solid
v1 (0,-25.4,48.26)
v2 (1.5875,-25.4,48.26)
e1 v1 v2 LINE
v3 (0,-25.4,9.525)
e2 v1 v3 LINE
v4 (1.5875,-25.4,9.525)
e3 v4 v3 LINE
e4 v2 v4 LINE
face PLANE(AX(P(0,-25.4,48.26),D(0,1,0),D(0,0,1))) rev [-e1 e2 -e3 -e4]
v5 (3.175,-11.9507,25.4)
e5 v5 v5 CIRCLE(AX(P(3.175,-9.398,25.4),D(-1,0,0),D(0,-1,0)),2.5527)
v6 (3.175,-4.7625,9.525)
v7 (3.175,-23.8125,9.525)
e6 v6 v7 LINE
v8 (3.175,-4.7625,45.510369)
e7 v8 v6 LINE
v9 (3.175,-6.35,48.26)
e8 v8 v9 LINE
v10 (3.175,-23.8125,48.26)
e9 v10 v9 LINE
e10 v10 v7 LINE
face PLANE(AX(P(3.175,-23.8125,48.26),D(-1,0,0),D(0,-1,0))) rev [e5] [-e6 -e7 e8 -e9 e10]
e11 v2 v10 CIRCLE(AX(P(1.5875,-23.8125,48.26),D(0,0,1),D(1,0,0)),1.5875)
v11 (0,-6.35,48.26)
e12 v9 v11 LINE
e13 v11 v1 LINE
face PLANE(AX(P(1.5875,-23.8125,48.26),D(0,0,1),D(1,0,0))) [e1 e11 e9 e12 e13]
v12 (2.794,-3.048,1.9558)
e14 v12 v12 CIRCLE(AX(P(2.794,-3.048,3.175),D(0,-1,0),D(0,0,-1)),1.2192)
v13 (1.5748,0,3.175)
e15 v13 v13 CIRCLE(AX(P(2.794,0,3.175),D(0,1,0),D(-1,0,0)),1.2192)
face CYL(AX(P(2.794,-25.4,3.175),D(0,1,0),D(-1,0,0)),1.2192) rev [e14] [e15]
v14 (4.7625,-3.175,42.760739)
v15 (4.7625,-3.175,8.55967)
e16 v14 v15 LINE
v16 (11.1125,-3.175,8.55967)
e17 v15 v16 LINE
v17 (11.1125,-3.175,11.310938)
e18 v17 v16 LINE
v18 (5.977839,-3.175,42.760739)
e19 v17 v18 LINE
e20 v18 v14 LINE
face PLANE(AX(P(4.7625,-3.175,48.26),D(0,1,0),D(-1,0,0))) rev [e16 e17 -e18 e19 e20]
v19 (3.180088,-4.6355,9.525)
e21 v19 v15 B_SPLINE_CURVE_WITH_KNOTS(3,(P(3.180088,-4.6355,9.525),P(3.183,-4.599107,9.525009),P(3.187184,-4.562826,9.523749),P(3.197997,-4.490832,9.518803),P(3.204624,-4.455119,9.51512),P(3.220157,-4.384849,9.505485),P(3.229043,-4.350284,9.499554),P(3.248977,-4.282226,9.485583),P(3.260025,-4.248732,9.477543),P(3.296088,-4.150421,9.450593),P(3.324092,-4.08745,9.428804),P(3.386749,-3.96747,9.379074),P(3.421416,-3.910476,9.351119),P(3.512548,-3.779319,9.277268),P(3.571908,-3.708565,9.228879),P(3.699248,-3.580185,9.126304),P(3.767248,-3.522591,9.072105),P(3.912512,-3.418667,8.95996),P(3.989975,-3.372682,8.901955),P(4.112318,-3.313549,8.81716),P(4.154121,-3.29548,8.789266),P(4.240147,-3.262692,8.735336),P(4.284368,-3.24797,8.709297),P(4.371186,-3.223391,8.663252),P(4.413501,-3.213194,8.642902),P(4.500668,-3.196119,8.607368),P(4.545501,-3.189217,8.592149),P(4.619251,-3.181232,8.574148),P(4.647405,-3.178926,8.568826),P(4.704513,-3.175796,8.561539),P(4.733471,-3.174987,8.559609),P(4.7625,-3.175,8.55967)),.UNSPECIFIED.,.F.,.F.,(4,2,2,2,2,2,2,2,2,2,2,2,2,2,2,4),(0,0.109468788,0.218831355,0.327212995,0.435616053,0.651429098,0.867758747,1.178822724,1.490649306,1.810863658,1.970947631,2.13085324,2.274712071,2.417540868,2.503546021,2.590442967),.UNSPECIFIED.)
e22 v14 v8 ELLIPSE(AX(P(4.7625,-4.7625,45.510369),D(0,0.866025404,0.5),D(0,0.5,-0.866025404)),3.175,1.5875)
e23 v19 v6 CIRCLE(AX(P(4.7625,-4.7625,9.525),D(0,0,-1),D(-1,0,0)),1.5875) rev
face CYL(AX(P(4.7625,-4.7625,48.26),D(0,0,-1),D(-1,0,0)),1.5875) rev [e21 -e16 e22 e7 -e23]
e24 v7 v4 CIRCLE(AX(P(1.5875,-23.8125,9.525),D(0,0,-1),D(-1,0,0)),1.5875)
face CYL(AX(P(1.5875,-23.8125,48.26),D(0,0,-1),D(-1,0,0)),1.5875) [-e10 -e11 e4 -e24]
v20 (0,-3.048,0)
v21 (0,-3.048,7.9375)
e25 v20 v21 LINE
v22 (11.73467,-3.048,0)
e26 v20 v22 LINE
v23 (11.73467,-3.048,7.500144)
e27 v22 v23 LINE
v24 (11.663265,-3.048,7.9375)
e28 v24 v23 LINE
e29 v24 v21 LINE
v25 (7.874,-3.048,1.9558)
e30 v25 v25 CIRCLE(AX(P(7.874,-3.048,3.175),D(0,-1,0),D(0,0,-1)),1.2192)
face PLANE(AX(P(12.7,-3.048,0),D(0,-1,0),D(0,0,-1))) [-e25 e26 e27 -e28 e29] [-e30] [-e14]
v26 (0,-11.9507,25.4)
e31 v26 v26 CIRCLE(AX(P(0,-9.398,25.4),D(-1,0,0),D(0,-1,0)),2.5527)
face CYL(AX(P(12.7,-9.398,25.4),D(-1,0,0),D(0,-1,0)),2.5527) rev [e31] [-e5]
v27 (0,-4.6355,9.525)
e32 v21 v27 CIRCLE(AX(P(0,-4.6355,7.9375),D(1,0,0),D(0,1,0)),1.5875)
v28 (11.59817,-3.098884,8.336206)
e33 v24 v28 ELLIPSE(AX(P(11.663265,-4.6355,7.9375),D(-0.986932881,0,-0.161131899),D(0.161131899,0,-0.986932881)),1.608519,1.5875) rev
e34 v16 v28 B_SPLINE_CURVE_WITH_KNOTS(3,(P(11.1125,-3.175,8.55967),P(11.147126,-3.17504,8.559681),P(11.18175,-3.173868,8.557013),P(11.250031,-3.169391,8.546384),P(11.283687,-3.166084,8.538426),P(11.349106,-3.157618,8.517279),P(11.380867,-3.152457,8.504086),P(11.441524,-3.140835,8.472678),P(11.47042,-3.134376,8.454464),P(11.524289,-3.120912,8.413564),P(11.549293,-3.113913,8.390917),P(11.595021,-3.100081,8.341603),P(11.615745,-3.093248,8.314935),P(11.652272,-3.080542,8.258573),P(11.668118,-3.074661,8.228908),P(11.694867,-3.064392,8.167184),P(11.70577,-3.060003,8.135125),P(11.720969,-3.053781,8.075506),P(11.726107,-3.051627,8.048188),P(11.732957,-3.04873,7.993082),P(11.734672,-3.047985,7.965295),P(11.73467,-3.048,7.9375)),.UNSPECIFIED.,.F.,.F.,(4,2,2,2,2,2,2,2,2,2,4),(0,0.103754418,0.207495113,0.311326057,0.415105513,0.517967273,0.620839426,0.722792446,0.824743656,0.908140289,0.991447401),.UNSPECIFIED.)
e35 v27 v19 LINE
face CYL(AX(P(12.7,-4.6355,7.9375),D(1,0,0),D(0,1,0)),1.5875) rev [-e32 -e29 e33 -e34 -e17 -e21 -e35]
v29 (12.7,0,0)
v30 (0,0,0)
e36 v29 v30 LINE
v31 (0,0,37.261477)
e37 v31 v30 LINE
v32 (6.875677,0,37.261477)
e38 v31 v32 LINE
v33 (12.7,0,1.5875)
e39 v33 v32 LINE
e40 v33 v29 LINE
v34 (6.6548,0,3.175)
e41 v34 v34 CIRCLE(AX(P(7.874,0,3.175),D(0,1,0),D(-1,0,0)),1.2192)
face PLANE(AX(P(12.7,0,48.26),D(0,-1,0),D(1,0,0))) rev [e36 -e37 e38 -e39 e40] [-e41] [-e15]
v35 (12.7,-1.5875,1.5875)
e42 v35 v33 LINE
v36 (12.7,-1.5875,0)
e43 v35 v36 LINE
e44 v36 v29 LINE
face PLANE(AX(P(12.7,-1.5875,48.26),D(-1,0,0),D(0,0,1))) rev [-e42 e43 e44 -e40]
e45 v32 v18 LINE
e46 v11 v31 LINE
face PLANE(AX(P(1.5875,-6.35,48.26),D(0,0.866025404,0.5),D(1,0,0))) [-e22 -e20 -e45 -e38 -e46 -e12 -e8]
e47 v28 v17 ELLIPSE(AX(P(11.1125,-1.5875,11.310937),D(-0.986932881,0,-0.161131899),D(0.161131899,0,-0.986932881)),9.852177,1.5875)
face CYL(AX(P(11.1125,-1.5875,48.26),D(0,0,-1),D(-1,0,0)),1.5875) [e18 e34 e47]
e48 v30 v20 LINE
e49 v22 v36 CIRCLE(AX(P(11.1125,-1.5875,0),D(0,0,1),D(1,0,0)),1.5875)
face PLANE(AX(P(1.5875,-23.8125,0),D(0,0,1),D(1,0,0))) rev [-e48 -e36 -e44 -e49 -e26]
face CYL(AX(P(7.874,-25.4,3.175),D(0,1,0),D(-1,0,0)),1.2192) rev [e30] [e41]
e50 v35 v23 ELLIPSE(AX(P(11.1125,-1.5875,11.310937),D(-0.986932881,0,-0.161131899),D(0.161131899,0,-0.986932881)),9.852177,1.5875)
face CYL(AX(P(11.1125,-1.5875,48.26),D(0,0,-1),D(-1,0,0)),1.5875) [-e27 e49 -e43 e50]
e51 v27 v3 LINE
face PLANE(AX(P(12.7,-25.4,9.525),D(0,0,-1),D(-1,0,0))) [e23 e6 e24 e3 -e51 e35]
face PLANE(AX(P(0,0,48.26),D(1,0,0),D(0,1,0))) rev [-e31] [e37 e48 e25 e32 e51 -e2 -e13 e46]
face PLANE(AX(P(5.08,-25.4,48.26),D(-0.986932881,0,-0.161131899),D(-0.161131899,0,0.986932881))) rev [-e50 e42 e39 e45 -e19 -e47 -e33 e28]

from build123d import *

# Parameters (mm, degrees)
BOSS_EXTRUDE1_DEPTH = 48.26
SKETCH2_W           = 9.525
SKETCH2_H           = 22.352
CUT_EXTRUDE1_DEPTH  = 56.99533552
SKETCH3_R           = 1.2192
CUT_EXTRUDE2_DEPTH  = 56.99533552
FILLET2_R           = 1.5875
SKETCH4_R           = 2.5527
CUT_EXTRUDE3_DEPTH  = 56.995335629
CUT_EXTRUDE4_DEPTH  = 56.995335629
CHAMFER2_SIZE       = 6.35
CHAMFER2_SIZE2      = 10.998522628


with BuildPart() as part:
    # Sketch1 → Boss-Extrude1 (new body)
    with BuildSketch(Plane.XY):
        with BuildLine():
            Line((0, 0), (0, -25.4))
            Line((0, -25.4), (1.5875, -25.4))
            ThreePointArc((1.5875, -25.4), (2.710032015, -24.935032015), (3.175, -23.8125))
            Line((3.175, -23.8125), (3.175, -4.7625))
            ThreePointArc((3.175, -4.7625), (3.639967985, -3.639967985), (4.7625, -3.175))
            Line((4.7625, -3.175), (11.1125, -3.175))
            ThreePointArc((11.1125, -3.175), (12.235032015, -2.710032015), (12.7, -1.5875))
            Line((12.7, -1.5875), (12.7, 0))
            Line((12.7, 0), (0, 0))
        make_face()
    extrude(amount=BOSS_EXTRUDE1_DEPTH)

    # Sketch2 → Cut-Extrude1 (cut, through all)
    with BuildSketch(Plane(origin=(0, 0, 0), x_dir=(0, 0, -1), z_dir=(1, 0, 0))):
        with Locations((-4.7625, -14.224)):
            Rectangle(SKETCH2_W, SKETCH2_H)
    extrude(amount=CUT_EXTRUDE1_DEPTH, mode=Mode.SUBTRACT)

    # Sketch3 → Cut-Extrude2 (cut, through all)
    with BuildSketch(Plane(origin=(0, 0, 0), x_dir=(1, 0, 0), z_dir=(0, 1, 0))):
        with Locations(Location((2.794, -3.175, 0), (0, 0, 180))):
            Circle(SKETCH3_R)
        with Locations(Location((7.874, -3.175, 0), (0, 0, 180))):
            Circle(SKETCH3_R)
    extrude(amount=-CUT_EXTRUDE2_DEPTH, mode=Mode.SUBTRACT)

    # Fillet2
    fillet2_edges = [part.edges().sort_by_distance(p)[0] for p in [
        (5.867335197, -3.048, 9.525),
    ]]
    fillet(fillet2_edges, radius=FILLET2_R)

    # Sketch4 → Cut-Extrude3 (cut, through all)
    with BuildSketch(Plane.ZY):
        with Locations(Location((25.4, -9.398, 0), (0, 0, 270))):
            Circle(SKETCH4_R)
    extrude(amount=-CUT_EXTRUDE3_DEPTH, mode=Mode.SUBTRACT)

    # Sketch6 → Cut-Extrude4 (cut, through all)
    with BuildSketch(Plane(origin=(0, 0, 0), x_dir=(1, 0, 0), z_dir=(0, 1, 0))):
        Polygon((5.08, -48.26), (12.7, -1.5875), (12.7, -48.26), align=None)
    extrude(amount=-CUT_EXTRUDE4_DEPTH, mode=Mode.SUBTRACT)

    # Chamfer2
    chamfer2_edges = [part.edges().sort_by_distance(p)[0] for p in [
        (2.54, 0, 48.26),
    ]]
    chamfer2_side = [part.faces().sort_by_distance(p)[0] for p in [
        (1.769133551, -11.790484545, 48.26),
    ]]
    chamfer(chamfer2_edges, length=CHAMFER2_SIZE, length2=CHAMFER2_SIZE2, reference=chamfer2_side[0])


solid = part.part
